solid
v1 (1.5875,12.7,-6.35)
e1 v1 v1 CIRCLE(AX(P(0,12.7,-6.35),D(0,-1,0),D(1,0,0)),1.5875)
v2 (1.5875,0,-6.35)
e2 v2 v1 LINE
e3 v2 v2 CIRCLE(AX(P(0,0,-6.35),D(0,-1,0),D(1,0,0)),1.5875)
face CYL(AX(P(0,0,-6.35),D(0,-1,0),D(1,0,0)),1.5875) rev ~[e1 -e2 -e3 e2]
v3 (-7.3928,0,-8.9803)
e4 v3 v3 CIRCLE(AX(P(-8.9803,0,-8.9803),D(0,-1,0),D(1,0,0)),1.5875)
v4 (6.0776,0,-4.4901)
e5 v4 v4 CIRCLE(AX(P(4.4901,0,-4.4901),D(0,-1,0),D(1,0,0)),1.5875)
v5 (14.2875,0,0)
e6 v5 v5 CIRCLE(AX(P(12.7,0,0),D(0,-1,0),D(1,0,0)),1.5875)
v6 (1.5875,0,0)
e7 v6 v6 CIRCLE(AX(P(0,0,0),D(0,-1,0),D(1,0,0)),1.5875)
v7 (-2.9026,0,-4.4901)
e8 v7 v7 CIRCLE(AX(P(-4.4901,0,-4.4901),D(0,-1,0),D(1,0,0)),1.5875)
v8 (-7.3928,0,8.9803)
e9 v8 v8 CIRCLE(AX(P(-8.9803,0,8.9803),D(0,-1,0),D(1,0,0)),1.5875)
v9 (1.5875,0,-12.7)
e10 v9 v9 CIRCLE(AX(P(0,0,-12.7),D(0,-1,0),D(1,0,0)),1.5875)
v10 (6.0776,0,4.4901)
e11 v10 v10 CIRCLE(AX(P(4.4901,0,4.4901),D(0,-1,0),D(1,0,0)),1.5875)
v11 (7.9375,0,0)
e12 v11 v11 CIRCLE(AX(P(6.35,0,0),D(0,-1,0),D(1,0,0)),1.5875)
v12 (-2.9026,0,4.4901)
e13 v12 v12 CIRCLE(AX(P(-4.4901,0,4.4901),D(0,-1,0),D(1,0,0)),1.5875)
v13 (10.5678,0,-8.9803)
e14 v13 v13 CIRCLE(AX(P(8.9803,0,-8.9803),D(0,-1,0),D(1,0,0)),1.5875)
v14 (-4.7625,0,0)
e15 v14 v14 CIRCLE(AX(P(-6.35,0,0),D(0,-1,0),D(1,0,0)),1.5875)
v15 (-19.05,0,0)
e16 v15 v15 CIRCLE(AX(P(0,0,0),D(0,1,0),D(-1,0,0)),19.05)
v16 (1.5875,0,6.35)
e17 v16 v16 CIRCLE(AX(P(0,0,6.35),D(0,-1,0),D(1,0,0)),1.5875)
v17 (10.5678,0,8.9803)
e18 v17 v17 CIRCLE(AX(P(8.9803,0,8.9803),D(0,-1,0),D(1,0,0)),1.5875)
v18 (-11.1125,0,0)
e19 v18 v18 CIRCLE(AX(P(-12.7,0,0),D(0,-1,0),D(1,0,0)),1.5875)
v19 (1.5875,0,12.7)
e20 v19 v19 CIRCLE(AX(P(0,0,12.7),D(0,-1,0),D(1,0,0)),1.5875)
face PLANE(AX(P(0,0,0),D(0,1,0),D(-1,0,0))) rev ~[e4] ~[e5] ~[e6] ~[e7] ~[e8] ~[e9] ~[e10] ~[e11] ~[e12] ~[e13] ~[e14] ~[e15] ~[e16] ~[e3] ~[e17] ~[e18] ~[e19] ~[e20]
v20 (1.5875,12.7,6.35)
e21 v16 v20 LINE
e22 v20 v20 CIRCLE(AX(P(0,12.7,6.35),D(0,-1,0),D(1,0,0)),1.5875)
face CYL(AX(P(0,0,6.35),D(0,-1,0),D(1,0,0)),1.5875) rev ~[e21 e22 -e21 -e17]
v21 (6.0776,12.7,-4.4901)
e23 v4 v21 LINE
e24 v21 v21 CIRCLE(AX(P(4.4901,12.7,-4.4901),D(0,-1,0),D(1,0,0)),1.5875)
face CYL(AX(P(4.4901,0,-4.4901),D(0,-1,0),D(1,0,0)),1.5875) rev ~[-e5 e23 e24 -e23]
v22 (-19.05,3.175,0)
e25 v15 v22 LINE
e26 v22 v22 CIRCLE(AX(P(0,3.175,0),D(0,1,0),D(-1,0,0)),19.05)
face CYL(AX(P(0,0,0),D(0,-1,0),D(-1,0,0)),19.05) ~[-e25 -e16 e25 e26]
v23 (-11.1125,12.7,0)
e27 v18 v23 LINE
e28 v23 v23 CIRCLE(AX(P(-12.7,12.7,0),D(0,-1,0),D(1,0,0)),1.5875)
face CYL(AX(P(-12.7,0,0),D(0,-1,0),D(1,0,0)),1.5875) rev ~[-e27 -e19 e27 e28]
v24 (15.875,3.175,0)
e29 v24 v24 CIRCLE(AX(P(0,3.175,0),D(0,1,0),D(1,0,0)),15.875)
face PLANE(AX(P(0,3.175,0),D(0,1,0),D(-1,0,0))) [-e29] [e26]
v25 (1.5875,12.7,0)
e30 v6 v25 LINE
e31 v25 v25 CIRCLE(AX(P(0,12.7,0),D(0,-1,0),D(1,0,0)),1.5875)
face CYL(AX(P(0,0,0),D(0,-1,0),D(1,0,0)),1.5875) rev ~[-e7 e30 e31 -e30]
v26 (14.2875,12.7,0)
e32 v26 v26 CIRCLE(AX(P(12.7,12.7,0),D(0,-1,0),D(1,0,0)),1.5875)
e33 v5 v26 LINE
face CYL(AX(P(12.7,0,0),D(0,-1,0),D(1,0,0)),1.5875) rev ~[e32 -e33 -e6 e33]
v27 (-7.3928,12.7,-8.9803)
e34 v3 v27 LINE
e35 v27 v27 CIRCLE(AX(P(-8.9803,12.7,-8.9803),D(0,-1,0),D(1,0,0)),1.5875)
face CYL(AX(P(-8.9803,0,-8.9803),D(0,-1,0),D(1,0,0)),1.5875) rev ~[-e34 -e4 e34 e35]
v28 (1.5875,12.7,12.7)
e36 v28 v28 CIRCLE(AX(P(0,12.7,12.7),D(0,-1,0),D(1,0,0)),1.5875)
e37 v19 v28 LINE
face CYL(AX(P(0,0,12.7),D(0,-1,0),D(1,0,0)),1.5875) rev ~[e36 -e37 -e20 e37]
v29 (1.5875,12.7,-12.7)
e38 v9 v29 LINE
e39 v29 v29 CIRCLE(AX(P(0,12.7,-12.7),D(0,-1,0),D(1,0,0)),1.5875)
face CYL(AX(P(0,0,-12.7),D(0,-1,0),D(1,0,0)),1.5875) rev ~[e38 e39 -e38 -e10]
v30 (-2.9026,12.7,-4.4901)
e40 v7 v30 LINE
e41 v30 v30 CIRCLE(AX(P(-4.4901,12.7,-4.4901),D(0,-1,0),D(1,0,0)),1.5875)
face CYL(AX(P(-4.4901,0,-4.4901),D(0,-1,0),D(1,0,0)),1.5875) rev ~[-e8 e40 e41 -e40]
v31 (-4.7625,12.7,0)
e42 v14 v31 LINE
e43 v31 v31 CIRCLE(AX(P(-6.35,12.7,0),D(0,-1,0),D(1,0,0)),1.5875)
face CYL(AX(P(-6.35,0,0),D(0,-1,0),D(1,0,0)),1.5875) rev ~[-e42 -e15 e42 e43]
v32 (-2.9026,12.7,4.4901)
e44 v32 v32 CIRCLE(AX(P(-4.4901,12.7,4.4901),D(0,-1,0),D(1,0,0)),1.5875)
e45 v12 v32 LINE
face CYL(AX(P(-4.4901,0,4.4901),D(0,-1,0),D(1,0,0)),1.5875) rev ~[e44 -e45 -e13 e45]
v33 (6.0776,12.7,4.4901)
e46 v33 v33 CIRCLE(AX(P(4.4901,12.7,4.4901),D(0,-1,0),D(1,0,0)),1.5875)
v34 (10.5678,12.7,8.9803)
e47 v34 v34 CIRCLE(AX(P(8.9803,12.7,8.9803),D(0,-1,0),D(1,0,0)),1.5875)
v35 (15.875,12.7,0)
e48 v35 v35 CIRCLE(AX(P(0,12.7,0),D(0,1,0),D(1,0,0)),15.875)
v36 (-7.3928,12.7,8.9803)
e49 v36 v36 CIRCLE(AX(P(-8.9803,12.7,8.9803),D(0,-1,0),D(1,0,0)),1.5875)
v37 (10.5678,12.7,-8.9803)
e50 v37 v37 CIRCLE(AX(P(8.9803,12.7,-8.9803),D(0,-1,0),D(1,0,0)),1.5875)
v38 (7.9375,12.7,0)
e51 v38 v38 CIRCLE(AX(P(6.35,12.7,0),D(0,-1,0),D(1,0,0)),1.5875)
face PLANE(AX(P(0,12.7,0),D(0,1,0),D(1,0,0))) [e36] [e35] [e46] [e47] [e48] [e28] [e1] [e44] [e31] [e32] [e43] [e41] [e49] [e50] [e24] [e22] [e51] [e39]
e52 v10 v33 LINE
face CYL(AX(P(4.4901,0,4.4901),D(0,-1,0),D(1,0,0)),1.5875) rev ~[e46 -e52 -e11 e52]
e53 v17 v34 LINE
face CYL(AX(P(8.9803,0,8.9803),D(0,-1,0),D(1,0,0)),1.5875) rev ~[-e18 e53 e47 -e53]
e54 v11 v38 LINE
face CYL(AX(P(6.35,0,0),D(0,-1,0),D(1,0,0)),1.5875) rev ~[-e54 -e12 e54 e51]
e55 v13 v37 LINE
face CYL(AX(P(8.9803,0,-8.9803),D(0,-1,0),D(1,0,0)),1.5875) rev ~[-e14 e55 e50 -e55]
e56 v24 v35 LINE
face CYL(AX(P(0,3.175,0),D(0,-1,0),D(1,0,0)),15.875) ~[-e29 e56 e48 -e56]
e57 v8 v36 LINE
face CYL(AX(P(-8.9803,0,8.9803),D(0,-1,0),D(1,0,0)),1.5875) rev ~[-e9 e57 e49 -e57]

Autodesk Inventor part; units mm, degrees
ref_plane "YZ Plane" through (0, 0, 0) normal (1, 0, 0) x (0, 1, 0)
ref_plane "XZ Plane" through (0, 0, 0) normal (0, 1, 0) x (-1, 0, 0)
ref_plane "XY Plane" through (0, 0, 0) normal (0, 0, 1) x (1, 0, 0)
sketch "Sketch1" plane through (0, 0, 0) normal (0, 1, 0) x (-1, 0, 0)
  circle A0 centre (0, 0) radius 19.05
  circle A1 centre (0, 0) radius 12.7
  dimension "d0" = 38.1
  dimension "d1" = 25.4
extrude "Extrusion1" add sketch "Sketch1" along normal blind 3.175
sketch "Sketch2" plane through (0, 3.175, 0) normal (0, 1, 0) x (1, 0, 0)
  circle A0 centre (0, 0) radius 12.7 projected
  circle A1 centre (0, 0) radius 19.05 projected
  circle A2 centre (0, 0) radius 15.875
  dimension "d4" = 31.75
extrude "Extrusion2" add sketch "Sketch2" along normal blind 9.525 contours A2
sketch "Sketch4" plane through (0, 12.7, 0) normal (0, 1, 0) x (1, 0, 0)
  circle A0 centre (0, 0) radius 12.7 projected
  circle A1 centre (0, 0) radius 15.875 projected
extrude "Extrusion4" add sketch "Sketch4" against normal up to surface (12.7 mm away) contours A0
sketch "Sketch5" plane through (0, 0, 0) normal (0, -1, 0) x (1, 0, 0)
  circle A0 centre (-6.35, 0) radius 1.5875 projected
  circle A1 centre (-12.7, 0) radius 1.5875 projected
  circle A2 centre (0, -6.35) radius 1.5875 projected
  circle A3 centre (0, -12.7) radius 1.5875 projected
  circle A4 centre (6.35, 0) radius 1.5875 projected
  circle A5 centre (12.7, 0) radius 1.5875 projected
  circle A6 centre (4.4901, 4.4901) radius 1.5875 projected
  circle A7 centre (8.9803, 8.9803) radius 1.5875 projected
  circle A8 centre (8.9803, -8.9803) radius 1.5875 projected
  circle A9 centre (4.4901, -4.4901) radius 1.5875 projected
  circle A10 centre (-8.9803, -8.9803) radius 1.5875 projected
  circle A11 centre (-4.4901, -4.4901) radius 1.5875 projected
  circle A12 centre (-8.9803, 8.9803) radius 1.5875 projected
  circle A13 centre (-4.4901, 4.4901) radius 1.5875 projected
  circle A14 centre (0, 6.35) radius 1.5875 projected
  circle A15 centre (0, 12.7) radius 1.5875 projected
  circle A16 centre (0, 0) radius 1.5875 projected
  circle A17 centre (0, 0) radius 15.875 projected
extrude "Extrusion5" cut sketch "Sketch5" against normal through all contours A0 | A1 | A2 | A3 | A4 | A5 | A6 | A7 | A8 | A9 | A10 | A11 | A12 | A13 | A14 | A15 | A16
properties part number "insideFlange" material "Polycarbonate, Clear"
